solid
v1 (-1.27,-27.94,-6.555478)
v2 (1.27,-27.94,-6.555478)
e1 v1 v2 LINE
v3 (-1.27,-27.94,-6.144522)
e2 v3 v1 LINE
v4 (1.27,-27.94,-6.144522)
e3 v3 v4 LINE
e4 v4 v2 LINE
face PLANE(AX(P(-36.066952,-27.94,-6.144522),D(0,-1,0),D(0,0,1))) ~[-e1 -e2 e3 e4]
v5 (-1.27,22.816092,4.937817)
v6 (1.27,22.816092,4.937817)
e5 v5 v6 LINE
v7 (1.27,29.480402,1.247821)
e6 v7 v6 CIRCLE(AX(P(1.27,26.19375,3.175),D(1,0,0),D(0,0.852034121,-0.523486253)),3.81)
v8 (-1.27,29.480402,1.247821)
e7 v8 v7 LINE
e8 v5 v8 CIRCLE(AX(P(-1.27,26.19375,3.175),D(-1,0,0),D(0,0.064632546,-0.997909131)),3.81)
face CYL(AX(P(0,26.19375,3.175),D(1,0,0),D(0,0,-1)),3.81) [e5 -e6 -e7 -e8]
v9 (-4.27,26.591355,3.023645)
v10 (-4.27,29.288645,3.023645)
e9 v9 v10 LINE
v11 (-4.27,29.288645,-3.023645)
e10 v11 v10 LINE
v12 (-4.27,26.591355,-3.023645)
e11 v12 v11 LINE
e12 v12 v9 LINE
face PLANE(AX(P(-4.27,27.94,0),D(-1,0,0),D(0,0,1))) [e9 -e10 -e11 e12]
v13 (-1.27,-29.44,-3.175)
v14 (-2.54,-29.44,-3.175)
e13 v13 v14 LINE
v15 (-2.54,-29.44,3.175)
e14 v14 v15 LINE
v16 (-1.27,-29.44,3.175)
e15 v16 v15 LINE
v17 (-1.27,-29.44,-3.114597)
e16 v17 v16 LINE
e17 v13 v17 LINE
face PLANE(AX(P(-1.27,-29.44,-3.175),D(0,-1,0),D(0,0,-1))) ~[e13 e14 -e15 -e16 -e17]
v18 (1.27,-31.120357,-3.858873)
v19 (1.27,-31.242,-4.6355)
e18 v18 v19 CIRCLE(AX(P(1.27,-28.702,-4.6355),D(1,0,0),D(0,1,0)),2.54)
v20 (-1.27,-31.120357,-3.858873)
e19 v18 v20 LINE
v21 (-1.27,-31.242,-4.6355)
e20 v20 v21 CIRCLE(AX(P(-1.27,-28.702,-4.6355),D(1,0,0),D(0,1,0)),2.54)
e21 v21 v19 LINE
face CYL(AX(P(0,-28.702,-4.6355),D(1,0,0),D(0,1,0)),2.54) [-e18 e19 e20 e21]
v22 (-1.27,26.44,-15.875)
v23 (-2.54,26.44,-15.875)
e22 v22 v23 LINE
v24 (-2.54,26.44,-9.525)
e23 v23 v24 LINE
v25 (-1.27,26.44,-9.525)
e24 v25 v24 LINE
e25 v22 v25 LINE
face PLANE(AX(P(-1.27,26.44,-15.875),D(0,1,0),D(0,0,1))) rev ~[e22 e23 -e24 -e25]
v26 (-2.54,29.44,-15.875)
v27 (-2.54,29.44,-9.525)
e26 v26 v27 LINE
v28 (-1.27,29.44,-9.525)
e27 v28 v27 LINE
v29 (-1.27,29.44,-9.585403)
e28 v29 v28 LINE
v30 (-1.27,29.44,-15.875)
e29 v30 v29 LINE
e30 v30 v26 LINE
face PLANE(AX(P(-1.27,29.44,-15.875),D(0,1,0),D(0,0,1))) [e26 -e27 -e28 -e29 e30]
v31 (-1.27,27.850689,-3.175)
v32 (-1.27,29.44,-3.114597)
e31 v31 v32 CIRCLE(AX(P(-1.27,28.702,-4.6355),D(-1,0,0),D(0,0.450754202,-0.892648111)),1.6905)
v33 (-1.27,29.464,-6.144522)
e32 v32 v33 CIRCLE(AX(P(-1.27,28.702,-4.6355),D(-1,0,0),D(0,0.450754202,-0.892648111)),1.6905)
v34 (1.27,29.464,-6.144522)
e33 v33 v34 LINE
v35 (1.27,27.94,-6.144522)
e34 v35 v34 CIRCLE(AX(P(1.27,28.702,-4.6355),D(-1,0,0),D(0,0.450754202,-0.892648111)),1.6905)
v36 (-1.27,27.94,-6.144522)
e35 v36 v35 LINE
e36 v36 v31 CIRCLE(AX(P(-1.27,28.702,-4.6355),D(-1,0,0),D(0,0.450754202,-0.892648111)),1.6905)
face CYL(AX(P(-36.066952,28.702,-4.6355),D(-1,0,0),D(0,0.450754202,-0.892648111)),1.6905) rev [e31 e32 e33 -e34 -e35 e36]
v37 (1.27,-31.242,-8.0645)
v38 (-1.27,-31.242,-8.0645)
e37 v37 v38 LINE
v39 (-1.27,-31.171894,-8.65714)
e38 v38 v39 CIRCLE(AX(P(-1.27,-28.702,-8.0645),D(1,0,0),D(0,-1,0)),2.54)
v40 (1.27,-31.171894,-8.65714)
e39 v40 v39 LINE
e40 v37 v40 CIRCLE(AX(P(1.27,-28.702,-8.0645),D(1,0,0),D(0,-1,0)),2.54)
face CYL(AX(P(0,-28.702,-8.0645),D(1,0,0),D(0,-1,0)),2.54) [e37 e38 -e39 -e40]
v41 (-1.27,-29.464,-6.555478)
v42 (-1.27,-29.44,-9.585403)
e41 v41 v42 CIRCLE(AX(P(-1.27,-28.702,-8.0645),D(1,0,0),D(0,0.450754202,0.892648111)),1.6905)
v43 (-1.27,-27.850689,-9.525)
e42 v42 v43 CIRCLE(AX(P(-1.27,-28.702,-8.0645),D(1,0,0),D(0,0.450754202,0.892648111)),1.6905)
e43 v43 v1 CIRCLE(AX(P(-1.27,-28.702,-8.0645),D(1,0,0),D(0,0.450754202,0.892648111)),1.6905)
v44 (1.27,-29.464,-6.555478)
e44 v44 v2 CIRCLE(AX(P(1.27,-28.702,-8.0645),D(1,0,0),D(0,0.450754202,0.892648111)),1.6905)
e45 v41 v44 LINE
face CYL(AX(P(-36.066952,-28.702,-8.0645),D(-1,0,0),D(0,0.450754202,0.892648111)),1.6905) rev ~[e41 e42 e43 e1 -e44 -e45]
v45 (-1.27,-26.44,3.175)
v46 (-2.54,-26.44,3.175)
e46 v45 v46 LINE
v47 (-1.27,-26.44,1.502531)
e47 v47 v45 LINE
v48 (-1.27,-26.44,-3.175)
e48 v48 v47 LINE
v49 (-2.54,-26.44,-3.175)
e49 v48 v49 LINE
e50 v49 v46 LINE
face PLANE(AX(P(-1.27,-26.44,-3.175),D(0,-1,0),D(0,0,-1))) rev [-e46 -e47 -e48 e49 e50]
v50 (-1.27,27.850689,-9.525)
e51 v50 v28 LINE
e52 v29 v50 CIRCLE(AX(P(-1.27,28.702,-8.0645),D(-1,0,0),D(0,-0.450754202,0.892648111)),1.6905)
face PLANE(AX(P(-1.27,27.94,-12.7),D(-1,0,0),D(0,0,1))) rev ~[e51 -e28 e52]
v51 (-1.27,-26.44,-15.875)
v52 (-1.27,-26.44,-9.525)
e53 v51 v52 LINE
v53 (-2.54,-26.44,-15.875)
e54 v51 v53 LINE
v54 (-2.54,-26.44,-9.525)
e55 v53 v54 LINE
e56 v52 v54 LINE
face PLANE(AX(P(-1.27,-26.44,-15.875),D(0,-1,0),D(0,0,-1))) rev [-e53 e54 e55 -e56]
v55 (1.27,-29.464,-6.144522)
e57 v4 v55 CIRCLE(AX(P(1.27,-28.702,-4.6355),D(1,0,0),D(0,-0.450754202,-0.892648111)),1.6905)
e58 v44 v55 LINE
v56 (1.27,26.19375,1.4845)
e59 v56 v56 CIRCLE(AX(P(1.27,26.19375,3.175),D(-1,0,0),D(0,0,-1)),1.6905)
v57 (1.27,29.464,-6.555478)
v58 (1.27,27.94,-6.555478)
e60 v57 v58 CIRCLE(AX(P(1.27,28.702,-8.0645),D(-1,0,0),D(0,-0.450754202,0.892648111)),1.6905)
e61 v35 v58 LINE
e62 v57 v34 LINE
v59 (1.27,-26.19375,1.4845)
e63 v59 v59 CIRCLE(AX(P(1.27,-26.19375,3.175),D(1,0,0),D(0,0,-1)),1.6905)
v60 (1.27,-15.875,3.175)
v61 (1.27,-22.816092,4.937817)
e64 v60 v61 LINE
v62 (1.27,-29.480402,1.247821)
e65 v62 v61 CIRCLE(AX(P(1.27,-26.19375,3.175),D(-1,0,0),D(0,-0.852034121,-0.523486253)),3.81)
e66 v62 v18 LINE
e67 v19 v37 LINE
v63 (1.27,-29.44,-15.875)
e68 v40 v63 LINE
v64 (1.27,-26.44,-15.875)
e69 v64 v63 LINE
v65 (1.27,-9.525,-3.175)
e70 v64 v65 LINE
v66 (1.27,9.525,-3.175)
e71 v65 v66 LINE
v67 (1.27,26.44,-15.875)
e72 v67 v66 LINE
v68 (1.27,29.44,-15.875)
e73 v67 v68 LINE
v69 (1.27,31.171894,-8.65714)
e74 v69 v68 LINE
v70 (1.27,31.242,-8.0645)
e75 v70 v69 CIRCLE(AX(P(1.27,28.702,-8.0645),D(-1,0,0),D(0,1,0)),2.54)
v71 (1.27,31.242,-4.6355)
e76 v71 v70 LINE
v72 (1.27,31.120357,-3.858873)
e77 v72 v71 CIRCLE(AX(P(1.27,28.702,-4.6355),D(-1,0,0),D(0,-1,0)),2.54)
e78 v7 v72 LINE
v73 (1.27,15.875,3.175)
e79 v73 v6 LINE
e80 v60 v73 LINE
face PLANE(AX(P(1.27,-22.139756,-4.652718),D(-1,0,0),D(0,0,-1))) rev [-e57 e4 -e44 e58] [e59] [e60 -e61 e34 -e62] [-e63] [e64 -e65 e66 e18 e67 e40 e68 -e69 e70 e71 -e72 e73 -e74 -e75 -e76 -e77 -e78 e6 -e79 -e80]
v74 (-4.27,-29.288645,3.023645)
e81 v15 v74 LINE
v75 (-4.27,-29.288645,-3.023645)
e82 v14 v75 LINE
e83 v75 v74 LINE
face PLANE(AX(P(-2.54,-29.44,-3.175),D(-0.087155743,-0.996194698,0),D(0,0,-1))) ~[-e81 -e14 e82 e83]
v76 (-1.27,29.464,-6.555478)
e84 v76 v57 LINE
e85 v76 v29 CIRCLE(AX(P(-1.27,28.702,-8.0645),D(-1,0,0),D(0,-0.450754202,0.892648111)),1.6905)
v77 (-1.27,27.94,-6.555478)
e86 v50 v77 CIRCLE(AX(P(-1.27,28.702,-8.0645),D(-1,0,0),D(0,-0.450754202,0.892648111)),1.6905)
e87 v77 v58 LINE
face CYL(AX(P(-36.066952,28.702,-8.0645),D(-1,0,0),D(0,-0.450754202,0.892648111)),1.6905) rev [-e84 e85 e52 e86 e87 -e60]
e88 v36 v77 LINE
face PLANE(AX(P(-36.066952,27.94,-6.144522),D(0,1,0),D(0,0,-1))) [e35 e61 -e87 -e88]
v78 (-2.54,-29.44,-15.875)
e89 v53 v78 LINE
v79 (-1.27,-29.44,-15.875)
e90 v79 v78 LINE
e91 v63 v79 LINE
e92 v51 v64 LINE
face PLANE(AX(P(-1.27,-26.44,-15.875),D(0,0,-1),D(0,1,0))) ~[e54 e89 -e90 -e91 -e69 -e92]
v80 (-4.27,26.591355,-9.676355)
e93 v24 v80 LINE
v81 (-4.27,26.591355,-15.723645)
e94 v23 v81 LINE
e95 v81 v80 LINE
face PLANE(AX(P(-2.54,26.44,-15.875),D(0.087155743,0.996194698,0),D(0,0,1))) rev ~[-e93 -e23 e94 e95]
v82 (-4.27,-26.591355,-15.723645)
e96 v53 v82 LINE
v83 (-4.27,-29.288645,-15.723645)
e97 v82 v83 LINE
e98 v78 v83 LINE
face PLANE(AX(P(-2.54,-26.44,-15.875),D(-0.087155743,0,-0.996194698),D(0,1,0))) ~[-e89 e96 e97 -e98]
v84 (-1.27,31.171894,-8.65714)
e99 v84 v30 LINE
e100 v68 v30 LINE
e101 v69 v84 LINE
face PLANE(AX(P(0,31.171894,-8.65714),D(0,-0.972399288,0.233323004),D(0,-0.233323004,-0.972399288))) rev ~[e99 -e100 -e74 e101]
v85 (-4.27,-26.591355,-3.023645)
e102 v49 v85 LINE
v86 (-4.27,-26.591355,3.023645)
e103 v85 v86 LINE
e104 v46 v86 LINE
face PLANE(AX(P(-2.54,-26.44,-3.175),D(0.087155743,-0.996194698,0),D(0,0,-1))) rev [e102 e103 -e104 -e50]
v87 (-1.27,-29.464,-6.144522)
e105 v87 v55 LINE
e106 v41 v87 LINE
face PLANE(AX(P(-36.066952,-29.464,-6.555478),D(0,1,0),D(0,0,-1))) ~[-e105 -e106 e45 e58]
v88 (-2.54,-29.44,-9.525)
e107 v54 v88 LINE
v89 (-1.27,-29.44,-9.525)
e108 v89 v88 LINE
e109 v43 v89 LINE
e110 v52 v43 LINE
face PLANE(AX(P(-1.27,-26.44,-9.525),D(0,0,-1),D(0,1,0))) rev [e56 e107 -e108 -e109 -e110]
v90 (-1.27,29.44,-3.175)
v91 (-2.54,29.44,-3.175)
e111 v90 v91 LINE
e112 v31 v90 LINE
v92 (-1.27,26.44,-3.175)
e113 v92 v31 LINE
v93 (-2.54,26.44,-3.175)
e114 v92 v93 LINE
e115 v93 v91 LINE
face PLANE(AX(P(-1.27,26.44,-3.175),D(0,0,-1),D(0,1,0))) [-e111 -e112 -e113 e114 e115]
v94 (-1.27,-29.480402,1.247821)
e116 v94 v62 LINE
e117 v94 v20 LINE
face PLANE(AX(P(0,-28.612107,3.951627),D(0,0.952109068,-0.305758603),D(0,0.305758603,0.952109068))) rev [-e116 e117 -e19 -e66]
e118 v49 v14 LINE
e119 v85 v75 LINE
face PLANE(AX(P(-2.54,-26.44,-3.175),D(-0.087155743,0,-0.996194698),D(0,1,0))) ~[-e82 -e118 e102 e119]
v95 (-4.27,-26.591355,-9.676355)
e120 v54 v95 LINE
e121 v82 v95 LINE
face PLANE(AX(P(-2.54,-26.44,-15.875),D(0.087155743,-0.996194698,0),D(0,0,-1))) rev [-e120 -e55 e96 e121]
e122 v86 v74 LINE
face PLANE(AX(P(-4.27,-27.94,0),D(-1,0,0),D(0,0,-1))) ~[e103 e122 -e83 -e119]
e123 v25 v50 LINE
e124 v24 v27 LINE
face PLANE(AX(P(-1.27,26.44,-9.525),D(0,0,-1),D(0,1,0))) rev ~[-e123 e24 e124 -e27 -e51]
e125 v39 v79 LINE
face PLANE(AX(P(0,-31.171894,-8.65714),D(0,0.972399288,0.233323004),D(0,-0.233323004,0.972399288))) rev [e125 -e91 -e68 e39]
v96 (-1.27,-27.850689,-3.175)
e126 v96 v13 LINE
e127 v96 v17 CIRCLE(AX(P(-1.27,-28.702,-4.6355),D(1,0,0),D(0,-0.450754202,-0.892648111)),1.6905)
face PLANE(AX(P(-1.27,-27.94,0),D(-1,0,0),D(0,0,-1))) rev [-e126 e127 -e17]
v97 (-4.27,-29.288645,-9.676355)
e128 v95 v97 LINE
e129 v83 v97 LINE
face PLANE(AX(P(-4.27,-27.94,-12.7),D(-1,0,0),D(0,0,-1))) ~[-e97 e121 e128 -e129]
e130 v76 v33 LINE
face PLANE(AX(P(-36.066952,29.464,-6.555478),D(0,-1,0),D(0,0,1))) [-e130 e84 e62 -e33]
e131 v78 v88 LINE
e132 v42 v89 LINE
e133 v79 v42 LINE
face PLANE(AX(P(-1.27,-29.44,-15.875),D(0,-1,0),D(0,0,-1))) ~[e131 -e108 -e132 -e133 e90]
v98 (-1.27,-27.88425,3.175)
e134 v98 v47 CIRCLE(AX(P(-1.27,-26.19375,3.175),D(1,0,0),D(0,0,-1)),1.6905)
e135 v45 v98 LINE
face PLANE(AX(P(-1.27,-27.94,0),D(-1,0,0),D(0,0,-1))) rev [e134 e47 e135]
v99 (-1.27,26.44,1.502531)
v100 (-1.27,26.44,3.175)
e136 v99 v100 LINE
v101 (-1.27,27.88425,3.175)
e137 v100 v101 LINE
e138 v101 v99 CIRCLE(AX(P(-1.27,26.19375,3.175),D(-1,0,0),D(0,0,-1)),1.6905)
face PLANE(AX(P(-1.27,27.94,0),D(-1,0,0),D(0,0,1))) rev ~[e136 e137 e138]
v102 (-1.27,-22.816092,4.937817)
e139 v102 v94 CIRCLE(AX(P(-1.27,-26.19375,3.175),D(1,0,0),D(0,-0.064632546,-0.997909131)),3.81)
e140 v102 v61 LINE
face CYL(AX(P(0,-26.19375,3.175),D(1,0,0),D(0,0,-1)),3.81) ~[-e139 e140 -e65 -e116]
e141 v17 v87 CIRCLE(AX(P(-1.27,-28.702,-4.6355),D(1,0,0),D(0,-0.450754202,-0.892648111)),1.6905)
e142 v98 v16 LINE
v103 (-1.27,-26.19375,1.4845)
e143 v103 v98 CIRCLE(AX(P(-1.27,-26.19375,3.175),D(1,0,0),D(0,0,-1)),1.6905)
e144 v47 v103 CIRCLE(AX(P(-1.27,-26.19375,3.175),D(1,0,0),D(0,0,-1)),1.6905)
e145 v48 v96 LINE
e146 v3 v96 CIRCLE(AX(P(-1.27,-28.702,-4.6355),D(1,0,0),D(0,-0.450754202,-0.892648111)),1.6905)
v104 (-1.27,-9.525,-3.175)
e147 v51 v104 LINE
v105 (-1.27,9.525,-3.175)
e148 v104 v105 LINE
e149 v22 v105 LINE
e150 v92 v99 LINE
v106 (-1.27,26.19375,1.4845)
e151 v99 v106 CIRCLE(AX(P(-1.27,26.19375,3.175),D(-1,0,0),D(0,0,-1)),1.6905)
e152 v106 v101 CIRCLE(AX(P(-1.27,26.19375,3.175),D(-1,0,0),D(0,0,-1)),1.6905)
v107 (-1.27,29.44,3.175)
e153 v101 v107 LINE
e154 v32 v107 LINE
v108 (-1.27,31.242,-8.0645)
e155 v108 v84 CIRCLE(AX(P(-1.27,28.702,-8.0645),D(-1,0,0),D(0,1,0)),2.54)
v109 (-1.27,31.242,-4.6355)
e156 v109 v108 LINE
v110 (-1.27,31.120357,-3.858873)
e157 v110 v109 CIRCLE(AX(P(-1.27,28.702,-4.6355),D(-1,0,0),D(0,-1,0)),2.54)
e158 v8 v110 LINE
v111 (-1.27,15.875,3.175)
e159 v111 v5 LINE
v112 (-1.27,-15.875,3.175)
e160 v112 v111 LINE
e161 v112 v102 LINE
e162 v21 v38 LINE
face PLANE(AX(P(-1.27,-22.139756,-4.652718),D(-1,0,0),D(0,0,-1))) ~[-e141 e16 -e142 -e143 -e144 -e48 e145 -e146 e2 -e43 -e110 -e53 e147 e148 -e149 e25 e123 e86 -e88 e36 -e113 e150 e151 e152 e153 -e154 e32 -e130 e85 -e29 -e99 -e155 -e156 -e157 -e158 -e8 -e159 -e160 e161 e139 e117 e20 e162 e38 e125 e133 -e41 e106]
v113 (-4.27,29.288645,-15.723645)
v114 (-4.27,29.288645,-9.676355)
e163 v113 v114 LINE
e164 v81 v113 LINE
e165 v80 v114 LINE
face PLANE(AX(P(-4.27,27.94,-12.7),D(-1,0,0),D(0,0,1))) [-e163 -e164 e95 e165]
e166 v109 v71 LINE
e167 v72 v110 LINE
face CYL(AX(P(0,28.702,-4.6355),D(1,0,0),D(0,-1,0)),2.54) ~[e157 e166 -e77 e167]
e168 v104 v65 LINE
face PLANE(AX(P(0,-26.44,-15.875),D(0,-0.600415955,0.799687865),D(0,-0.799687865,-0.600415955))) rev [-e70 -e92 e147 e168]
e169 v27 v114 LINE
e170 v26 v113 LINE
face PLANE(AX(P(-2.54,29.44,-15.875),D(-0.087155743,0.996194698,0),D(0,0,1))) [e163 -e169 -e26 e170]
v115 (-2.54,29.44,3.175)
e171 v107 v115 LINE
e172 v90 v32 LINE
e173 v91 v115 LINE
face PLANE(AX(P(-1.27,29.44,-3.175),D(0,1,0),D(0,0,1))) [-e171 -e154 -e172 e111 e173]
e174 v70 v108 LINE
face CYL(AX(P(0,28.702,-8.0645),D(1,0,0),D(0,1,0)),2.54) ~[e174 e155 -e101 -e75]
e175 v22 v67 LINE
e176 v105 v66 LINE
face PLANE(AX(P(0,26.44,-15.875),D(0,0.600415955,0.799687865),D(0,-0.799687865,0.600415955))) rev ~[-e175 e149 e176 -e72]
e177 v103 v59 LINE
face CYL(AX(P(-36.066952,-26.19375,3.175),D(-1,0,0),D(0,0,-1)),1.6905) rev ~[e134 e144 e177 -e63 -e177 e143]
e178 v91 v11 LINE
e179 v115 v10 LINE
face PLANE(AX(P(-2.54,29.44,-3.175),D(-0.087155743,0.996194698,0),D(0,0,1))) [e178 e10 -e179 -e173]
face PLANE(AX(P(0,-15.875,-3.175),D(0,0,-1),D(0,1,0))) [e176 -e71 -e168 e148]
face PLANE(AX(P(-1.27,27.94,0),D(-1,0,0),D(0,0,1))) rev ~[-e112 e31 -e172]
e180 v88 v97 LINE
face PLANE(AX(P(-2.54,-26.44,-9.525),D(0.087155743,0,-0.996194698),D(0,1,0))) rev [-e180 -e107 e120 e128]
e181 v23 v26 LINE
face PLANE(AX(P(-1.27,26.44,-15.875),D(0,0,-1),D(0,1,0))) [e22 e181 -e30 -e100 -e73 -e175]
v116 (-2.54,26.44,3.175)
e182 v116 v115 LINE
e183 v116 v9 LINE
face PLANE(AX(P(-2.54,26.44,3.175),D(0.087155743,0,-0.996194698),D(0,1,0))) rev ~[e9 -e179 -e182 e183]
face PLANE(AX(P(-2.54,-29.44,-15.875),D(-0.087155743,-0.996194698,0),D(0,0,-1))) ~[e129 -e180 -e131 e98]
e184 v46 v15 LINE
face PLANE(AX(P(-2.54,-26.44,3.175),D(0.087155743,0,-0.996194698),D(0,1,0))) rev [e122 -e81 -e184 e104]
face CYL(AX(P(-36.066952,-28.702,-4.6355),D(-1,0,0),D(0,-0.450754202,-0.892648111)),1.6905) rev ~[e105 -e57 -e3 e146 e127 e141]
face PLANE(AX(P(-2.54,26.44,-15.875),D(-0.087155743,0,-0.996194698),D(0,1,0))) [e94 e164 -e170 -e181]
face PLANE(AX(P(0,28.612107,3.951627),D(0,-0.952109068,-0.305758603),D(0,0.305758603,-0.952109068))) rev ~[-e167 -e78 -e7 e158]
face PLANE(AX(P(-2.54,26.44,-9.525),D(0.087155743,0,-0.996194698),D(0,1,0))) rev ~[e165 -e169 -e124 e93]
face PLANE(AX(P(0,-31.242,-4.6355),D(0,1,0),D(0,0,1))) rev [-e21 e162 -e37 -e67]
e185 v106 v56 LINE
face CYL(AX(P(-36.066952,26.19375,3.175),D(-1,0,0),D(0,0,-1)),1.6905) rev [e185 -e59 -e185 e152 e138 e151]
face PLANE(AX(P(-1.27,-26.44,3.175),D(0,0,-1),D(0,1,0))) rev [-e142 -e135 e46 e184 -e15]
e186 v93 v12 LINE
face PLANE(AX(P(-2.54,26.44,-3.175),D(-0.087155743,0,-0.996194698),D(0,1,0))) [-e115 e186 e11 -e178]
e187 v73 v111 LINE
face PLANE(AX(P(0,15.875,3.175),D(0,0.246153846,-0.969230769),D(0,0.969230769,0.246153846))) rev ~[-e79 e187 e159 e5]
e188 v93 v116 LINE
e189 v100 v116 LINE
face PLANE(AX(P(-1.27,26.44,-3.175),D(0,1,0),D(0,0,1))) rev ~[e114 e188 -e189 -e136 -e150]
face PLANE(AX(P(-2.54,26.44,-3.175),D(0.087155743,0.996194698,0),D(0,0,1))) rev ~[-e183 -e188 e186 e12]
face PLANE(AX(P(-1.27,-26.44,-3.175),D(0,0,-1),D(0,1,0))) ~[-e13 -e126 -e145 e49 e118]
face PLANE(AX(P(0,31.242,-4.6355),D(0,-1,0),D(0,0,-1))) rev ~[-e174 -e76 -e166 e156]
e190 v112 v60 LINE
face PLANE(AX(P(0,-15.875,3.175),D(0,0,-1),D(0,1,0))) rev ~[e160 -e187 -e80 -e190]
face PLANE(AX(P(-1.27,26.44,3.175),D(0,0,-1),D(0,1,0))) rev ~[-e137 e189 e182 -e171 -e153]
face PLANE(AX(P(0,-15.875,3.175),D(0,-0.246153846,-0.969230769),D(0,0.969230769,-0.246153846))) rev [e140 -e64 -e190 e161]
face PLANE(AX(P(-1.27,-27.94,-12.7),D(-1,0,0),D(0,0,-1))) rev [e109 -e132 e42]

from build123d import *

# Parameters (mm, degrees)
SKETCH3_R                = 3.81
DOWELSUPPORT_DEPTH       = 1.27
SKETCH5_W                = 6.35
SKETCH5_H                = 31.75
SLIDERDOWELSUPPORT_DEPTH = 1.27
STRINGDOWELSUPPORT_DEPTH = 1.27
SKETCH9_W                = 6.35
SKETCH9_H                = 3
TABSUPPORT_DEPTH         = 1.27
INTERSUPPORT_DEPTH       = 1.27
DOWELHOLES_DEPTH         = 36.066951521
DOWELHOLES_DEPTH_BACK    = 36.066951521
SKETCH11_R               = 1.690500048
SKETCH14_W               = 6.35
SKETCH14_H               = 3
TABBASE_DEPTH            = 1.27
SKETCH15_W               = 6.35
SKETCH15_H               = 3
TABDRAFT_DEPTH           = 1.73
TABDRAFT_DRAFT           = 5
TABDRAFT_PROFILE_2_DEPTH = 1.73
TABDRAFT_PROFILE_2_DRAFT = 5


with BuildPart() as part:
    # Sketch3 → DowelSupport (new, symmetric)
    with BuildSketch(Plane(origin=(0, 0, 0), x_dir=(0, 0, -1), z_dir=(1, 0, 0))):
        with Locations((-3.175, 26.19375)):
            Circle(SKETCH3_R)
    extrude(amount=DOWELSUPPORT_DEPTH, both=True)



with BuildPart() as body_2:
    # Sketch5 → SliderDowelSupport (new, symmetric)
    with BuildSketch(Plane(origin=(0, 0, 0), x_dir=(0, 0, -1), z_dir=(1, 0, 0))):
        Rectangle(SKETCH5_W, SKETCH5_H)
    extrude(amount=SLIDERDOWELSUPPORT_DEPTH, both=True)


with BuildPart() as body_3:
    # Sketch8 → StringDowelSupport (new, symmetric)
    with BuildSketch(Plane(origin=(0, 0, 0), x_dir=(0, 0, -1), z_dir=(1, 0, 0))):
        with BuildLine():
            Line((4.6355, 31.242), (8.0645, 31.242))
            ThreePointArc((8.0645, 31.242), (10.6045, 28.702), (8.0645, 26.162))
            Line((8.0645, 26.162), (4.6355, 26.162))
            ThreePointArc((4.6355, 26.162), (2.0955, 28.702), (4.6355, 31.242))
        make_face()
    extrude(amount=STRINGDOWELSUPPORT_DEPTH, both=True)


with BuildPart() as part_1:
    add(part.part)

    add(body_3.part)  # TabSupport merges body 3
    # Sketch9 → TabSupport (add, symmetric)
    with BuildSketch(Plane(origin=(0, 0, 0), x_dir=(0, 0, -1), z_dir=(1, 0, 0))):
        with Locations((0, 27.94)):
            Rectangle(SKETCH9_W, SKETCH9_H)
        with Locations((12.7, 27.94)):
            Rectangle(SKETCH9_W, SKETCH9_H)
    extrude(amount=TABSUPPORT_DEPTH, both=True)


    add(body_2.part)  # InterSupport merges body 2
    # Sketch10 → InterSupport (add, symmetric)
    with BuildSketch(Plane(origin=(0, 0, 0), x_dir=(0, 0, -1), z_dir=(1, 0, 0))):
        Polygon((-3.175, 15.875), (-5.636846154, 25.568519231), (-3.951626852, 28.612107032), (3.858873148, 31.120357032), (8.657140431, 31.171894192), (15.875, 29.44), (15.875, 26.44), (3.175, 9.525), (3.175, 15.875), align=None)
    extrude(amount=INTERSUPPORT_DEPTH, both=True)

    # Sketch11 → DowelHoles (cut, two sides: drawn at the far end of the back side and taken through both)
    with BuildSketch(Plane(origin=(0, 0, 0), x_dir=(0, 0, -1), z_dir=(1, 0, 0)).offset(-DOWELHOLES_DEPTH_BACK)):
        with Locations((-3.175, 26.19375)):
            Circle(SKETCH11_R)
        with BuildLine():
            Line((6.144521674, 27.94), (6.555478326, 27.94))
            ThreePointArc((6.555478326, 27.94), (9.755000048, 28.702), (6.555478326, 29.464))
            Line((6.555478326, 29.464), (6.144521674, 29.464))
            ThreePointArc((6.144521674, 29.464), (2.944999952, 28.702), (6.144521674, 27.94))
        make_face()
    extrude(amount=DOWELHOLES_DEPTH + DOWELHOLES_DEPTH_BACK, mode=Mode.SUBTRACT)

    # Sketch14 → TabBase (add)
    with BuildSketch(Plane.ZY.offset(1.27)):
        with Locations((-12.7, 27.94)):
            Rectangle(SKETCH14_W, SKETCH14_H)
        with Locations((0, 27.94)):
            Rectangle(SKETCH14_W, SKETCH14_H)
    extrude(amount=TABBASE_DEPTH)


with BuildPart() as tabdraft_tool:
    # Sketch15 → TabDraft (with draft: the straight prism first)
    with BuildSketch(Plane.ZY.offset(2.54)):
        with Locations((0, 27.94)):
            Rectangle(SKETCH15_W, SKETCH15_H)
    extrude(amount=TABDRAFT_DEPTH)
    # TabDraft: the draft: its side faces are tilted about the plane it starts from
    tabdraft_sides = [tabdraft_tool.faces().sort_by_distance(p)[0] for p in [
        (-3.405, 27.94, -3.175),
        (-3.405, 26.44, 0),
        (-3.405, 27.94, 3.175),
        (-3.405, 29.44, 0),
    ]]
    draft(tabdraft_sides, Plane.ZY.offset(2.54), TABDRAFT_DRAFT)


with BuildPart() as part_2:
    add(part_1.part)

    # TabDraft: add tabdraft_tool
    add(tabdraft_tool.part)


with BuildPart() as tabdraft_profile_2_tool:
    # Sketch15 → TabDraft profile 2 (with draft: the straight prism first)
    with BuildSketch(Plane.ZY.offset(2.54)):
        with Locations((-12.7, 27.94)):
            Rectangle(SKETCH15_W, SKETCH15_H)
    extrude(amount=TABDRAFT_PROFILE_2_DEPTH)
    # TabDraft profile 2: the draft: its side faces are tilted about the plane it starts from
    tabdraft_profile_2_sides = [tabdraft_profile_2_tool.faces().sort_by_distance(p)[0] for p in [
        (-3.405, 27.94, -15.875),
        (-3.405, 26.44, -12.7),
        (-3.405, 27.94, -9.525),
        (-3.405, 29.44, -12.7),
    ]]
    draft(tabdraft_profile_2_sides, Plane.ZY.offset(2.54), TABDRAFT_PROFILE_2_DRAFT)


with BuildPart() as part_3:
    add(part_2.part)

    # TabDraft profile 2: add tabdraft_profile_2_tool
    add(tabdraft_profile_2_tool.part)

    # Mirror1: part across plane


with BuildPart() as part_4:
    add(part_3.part)
    add(part_3.part.mirror(Plane.ZX))


solid = part_4.part
